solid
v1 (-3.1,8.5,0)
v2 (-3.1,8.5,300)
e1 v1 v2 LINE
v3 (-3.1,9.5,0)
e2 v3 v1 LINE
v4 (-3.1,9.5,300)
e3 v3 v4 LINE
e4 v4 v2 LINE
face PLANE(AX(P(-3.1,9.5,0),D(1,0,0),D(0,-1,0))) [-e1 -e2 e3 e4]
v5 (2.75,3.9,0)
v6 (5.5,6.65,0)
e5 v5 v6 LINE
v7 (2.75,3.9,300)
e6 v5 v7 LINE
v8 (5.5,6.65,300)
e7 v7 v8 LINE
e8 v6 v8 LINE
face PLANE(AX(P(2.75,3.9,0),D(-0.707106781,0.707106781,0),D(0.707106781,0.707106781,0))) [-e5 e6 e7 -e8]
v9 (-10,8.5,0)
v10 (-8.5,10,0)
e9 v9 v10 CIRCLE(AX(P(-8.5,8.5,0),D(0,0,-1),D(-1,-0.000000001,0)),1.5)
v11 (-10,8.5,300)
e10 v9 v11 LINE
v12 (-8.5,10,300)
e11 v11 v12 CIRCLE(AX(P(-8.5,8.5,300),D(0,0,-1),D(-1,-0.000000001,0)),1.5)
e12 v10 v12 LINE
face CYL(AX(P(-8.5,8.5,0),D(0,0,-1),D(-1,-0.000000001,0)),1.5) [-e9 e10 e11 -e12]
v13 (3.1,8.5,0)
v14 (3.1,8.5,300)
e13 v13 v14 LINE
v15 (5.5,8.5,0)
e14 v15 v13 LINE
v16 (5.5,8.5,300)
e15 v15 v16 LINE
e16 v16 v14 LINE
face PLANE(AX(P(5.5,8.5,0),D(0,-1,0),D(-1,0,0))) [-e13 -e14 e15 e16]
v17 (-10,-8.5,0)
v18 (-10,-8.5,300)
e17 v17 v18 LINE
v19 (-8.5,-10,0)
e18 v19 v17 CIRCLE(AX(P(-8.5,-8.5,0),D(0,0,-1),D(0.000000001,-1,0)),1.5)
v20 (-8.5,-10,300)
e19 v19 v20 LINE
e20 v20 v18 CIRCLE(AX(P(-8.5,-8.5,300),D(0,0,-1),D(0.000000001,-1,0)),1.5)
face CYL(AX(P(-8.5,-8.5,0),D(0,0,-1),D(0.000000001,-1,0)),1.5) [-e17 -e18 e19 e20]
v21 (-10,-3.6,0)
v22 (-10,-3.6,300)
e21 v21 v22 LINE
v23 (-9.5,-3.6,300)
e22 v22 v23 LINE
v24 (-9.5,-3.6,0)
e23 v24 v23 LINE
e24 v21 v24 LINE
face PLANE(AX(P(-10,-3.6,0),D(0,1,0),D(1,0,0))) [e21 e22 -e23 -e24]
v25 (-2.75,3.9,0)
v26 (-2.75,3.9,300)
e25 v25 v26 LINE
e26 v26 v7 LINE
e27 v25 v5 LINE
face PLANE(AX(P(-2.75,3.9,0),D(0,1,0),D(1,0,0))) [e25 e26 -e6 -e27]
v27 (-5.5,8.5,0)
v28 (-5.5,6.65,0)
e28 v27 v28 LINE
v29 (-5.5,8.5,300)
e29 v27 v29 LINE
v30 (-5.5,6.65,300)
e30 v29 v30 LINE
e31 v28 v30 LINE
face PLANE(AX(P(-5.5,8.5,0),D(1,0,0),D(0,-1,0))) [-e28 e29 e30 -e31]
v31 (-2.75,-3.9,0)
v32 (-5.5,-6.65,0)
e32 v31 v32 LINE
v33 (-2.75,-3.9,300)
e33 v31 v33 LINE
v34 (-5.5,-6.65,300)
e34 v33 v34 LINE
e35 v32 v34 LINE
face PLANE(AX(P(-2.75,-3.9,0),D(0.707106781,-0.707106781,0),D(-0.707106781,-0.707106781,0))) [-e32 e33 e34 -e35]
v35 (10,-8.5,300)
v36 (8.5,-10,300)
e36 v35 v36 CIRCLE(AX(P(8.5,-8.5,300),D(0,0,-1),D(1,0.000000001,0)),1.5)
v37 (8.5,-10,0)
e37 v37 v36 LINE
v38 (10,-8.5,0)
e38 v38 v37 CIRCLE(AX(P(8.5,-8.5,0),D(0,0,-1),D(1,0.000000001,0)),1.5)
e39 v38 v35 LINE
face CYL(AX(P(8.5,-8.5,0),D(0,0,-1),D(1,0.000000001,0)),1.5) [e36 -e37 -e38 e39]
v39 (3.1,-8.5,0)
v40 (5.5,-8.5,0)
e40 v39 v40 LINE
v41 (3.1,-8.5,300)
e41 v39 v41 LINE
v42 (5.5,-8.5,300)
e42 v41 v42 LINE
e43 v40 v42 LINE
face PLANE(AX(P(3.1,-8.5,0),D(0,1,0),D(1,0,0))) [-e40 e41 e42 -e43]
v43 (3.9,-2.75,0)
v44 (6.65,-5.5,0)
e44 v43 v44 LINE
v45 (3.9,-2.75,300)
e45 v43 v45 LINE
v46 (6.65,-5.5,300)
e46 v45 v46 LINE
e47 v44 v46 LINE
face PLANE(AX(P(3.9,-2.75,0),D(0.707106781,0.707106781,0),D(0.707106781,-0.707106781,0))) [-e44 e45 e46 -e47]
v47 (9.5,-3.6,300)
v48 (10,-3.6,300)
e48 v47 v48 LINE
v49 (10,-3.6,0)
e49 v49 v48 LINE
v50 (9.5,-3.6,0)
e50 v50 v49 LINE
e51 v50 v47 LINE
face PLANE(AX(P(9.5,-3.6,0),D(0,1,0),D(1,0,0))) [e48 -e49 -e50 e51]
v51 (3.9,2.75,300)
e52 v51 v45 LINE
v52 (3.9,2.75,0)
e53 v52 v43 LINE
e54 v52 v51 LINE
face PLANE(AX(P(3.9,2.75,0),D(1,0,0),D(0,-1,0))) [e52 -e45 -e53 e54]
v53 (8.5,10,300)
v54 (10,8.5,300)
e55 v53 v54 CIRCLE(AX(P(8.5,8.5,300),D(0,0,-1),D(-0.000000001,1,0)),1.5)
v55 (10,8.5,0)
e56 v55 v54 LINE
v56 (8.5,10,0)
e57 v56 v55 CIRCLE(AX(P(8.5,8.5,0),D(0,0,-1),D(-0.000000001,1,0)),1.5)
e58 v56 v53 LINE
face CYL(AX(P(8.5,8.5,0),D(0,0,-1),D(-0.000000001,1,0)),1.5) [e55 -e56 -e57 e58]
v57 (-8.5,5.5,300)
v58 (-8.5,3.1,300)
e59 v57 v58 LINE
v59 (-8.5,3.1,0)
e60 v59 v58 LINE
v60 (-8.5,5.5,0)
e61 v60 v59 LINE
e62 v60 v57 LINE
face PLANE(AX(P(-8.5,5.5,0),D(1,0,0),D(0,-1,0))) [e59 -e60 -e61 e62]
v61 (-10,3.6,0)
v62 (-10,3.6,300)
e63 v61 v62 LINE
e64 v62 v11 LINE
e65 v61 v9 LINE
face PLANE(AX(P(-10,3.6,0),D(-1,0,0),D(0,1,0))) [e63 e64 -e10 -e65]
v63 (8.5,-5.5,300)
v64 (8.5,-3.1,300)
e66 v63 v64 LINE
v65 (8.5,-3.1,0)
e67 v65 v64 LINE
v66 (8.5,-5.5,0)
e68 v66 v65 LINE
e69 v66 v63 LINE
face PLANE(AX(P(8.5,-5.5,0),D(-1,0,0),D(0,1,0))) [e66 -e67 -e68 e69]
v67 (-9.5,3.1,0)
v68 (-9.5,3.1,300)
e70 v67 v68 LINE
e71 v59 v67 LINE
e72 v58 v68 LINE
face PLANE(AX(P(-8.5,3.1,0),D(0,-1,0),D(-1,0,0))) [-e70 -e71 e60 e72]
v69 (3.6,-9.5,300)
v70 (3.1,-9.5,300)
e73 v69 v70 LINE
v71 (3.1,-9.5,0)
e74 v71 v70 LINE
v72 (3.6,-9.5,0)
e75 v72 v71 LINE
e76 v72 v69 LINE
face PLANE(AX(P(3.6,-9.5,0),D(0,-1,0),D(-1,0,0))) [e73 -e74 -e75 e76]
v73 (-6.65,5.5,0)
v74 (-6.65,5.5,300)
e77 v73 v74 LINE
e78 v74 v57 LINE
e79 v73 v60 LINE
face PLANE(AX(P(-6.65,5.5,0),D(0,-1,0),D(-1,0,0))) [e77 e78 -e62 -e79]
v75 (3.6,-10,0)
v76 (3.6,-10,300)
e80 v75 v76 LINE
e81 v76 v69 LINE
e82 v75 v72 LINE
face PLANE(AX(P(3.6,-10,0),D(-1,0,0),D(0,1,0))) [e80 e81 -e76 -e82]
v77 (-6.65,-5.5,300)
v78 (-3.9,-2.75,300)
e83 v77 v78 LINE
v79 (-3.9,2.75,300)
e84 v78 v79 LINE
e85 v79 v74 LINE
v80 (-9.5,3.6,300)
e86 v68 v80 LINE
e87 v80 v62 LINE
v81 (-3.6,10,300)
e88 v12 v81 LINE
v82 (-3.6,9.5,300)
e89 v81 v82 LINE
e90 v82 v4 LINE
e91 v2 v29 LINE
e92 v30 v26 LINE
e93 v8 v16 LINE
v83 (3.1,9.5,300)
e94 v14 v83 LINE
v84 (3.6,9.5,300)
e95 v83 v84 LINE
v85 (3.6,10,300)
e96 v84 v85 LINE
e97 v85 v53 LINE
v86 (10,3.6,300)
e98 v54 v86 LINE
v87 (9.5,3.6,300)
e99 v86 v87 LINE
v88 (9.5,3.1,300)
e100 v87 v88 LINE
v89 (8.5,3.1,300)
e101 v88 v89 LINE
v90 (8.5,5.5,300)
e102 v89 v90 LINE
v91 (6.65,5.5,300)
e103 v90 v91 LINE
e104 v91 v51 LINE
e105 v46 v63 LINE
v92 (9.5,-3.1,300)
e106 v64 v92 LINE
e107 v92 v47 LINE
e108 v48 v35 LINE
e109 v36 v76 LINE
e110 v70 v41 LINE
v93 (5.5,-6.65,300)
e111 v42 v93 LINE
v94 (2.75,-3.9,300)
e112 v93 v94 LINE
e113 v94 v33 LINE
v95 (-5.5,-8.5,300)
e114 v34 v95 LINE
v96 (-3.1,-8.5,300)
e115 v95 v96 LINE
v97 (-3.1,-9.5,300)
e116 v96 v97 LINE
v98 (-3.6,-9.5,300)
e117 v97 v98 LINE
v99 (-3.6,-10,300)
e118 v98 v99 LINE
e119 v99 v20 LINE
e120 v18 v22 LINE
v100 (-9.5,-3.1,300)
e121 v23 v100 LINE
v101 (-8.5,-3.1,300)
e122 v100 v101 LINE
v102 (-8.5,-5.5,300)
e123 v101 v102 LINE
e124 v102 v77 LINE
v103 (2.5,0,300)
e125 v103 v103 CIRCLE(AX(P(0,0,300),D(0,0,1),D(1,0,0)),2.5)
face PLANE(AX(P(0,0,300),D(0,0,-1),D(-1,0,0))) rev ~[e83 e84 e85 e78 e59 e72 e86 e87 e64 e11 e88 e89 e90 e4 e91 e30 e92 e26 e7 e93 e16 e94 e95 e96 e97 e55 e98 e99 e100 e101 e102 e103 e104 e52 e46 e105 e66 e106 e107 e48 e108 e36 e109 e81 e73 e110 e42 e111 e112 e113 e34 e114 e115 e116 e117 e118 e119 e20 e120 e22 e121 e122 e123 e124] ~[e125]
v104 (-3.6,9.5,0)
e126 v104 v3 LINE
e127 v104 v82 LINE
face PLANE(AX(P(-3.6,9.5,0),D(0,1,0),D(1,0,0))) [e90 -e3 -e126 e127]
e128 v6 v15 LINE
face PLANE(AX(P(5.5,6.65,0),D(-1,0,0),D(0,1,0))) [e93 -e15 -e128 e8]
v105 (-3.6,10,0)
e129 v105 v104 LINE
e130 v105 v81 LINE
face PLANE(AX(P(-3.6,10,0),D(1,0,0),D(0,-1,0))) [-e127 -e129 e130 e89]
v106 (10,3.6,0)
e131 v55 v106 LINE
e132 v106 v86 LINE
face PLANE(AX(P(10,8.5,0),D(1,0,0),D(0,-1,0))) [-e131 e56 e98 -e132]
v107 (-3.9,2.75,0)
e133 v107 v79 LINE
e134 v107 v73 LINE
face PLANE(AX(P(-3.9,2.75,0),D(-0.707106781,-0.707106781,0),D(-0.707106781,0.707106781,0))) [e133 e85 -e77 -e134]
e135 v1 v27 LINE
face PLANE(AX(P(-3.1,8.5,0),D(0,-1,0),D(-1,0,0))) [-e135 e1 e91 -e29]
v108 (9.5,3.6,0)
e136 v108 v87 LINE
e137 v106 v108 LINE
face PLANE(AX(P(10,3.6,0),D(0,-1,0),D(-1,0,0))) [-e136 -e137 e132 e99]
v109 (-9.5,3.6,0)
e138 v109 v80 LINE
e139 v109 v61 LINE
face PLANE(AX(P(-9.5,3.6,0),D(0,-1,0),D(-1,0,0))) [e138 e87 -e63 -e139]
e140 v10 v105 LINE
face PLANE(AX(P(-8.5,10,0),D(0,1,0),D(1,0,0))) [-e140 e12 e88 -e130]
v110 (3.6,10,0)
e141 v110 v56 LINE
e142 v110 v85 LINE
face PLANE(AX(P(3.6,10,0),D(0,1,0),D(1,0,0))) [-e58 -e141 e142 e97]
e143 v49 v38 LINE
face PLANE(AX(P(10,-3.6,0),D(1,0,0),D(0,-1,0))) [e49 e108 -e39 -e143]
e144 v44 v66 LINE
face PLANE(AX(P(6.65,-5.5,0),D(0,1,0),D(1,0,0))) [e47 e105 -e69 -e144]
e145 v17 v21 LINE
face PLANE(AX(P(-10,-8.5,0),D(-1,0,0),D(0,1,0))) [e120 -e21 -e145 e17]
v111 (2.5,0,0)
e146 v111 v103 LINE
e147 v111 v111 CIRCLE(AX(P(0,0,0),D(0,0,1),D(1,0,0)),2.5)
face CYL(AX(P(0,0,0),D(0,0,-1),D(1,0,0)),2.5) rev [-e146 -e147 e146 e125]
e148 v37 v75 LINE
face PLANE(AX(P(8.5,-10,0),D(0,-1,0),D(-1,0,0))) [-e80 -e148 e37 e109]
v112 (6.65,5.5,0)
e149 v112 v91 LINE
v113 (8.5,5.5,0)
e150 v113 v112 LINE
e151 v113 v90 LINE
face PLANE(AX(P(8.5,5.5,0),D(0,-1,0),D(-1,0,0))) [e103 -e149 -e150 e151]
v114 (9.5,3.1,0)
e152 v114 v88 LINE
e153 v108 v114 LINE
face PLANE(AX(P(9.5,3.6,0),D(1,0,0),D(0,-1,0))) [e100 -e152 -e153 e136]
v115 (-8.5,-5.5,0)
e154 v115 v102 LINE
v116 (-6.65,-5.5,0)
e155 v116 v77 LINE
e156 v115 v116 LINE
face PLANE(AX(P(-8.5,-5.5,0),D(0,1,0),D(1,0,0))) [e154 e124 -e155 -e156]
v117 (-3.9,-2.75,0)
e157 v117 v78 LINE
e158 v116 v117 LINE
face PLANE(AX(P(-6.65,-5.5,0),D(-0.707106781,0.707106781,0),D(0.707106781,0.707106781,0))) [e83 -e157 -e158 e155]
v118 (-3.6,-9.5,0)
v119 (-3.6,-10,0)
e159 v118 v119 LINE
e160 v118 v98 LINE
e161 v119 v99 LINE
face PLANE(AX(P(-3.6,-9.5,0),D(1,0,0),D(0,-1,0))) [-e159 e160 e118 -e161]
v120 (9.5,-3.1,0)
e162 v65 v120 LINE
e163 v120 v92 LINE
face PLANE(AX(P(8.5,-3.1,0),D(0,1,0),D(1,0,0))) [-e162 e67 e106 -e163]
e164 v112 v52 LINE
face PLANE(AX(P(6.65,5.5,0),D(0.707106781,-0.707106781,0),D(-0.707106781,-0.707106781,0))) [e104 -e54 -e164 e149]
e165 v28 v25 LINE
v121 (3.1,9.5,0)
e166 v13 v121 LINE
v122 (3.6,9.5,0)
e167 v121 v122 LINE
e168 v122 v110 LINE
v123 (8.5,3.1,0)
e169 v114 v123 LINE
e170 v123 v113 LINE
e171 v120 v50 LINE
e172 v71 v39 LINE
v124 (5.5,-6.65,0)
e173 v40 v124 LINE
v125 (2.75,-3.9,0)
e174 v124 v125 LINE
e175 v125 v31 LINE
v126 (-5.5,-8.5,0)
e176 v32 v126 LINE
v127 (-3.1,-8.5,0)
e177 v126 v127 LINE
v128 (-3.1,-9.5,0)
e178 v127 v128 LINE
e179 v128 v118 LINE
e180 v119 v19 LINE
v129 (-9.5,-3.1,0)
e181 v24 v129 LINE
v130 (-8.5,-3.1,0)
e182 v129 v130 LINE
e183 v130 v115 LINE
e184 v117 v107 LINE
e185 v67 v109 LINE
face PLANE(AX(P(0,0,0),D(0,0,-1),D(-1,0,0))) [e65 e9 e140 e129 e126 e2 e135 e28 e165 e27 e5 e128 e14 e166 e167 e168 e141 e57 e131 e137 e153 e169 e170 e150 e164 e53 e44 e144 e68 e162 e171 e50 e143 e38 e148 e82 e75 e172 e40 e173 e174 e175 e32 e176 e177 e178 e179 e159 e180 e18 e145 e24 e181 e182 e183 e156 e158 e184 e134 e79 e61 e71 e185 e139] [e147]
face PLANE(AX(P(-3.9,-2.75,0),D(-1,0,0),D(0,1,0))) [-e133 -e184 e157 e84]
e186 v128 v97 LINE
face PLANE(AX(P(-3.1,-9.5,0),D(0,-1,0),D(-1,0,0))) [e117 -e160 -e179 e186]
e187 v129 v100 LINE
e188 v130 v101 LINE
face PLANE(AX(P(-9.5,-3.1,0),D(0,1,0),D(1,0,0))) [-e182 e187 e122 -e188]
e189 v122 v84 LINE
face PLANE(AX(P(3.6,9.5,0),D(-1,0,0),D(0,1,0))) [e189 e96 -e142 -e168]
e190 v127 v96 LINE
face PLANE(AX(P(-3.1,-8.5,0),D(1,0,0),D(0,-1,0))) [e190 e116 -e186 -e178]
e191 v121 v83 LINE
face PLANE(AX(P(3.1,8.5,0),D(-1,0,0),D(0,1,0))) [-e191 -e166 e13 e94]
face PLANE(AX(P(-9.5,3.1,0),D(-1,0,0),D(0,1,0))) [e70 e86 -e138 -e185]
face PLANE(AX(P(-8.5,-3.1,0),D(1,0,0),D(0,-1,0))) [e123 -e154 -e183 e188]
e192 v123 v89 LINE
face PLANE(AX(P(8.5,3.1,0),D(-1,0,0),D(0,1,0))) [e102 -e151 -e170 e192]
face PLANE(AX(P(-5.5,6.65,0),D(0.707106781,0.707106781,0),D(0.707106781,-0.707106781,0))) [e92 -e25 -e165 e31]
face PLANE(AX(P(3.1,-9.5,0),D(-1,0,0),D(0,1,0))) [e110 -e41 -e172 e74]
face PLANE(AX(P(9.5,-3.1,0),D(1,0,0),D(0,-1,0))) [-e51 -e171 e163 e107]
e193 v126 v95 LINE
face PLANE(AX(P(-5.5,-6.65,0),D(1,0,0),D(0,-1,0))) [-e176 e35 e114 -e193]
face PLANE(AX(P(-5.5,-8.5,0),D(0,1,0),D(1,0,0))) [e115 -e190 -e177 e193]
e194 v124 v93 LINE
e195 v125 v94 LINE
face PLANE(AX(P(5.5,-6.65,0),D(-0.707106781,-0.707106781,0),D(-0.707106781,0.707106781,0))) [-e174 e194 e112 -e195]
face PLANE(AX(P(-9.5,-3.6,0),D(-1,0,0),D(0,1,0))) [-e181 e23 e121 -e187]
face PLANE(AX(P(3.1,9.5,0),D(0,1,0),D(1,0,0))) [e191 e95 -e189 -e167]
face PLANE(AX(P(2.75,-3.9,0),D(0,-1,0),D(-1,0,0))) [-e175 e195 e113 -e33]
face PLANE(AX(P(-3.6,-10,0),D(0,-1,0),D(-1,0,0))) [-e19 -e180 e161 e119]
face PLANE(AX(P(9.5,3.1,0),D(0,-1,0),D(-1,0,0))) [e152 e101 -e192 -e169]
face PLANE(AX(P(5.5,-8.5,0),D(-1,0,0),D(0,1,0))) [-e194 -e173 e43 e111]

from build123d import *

# Parameters (mm, degrees)
SKETCH1_R       = 2.5
EXTRUDE_1_DEPTH = 300


with BuildPart() as part:
    # Sketch1 → 凸台-拉伸1 (new body)
    with BuildSketch(Plane.XY):
        with BuildLine():
            Line((-3.6, 10), (-3.6, 9.5))
            Line((-3.6, 9.5), (-3.1, 9.5))
            Line((-3.1, 9.5), (-3.1, 8.5))
            Line((-3.1, 8.5), (-5.5, 8.5))
            Line((-5.5, 8.5), (-5.5, 6.65))
            Line((-5.5, 6.65), (-2.75, 3.9))
            Line((-2.75, 3.9), (2.75, 3.9))
            Line((2.75, 3.9), (5.5, 6.65))
            Line((5.5, 6.65), (5.5, 8.5))
            Line((5.5, 8.5), (3.1, 8.5))
            Line((3.1, 8.5), (3.1, 9.5))
            Line((3.1, 9.5), (3.6, 9.5))
            Line((3.6, 9.5), (3.6, 10))
            Line((3.6, 10), (8.5, 10))
            ThreePointArc((8.5, 10), (9.560660172, 9.560660172), (10, 8.5))
            Line((10, 8.5), (10, 3.6))
            Line((10, 3.6), (9.5, 3.6))
            Line((9.5, 3.6), (9.5, 3.1))
            Line((9.5, 3.1), (8.5, 3.1))
            Line((8.5, 3.1), (8.5, 5.5))
            Line((8.5, 5.5), (6.65, 5.5))
            Line((6.65, 5.5), (3.9, 2.75))
            Line((3.9, 2.75), (3.9, -2.75))
            Line((3.9, -2.75), (6.65, -5.5))
            Line((6.65, -5.5), (8.5, -5.5))
            Line((8.5, -5.5), (8.5, -3.1))
            Line((8.5, -3.1), (9.5, -3.1))
            Line((9.5, -3.1), (9.5, -3.6))
            Line((9.5, -3.6), (10, -3.6))
            Line((10, -3.6), (10, -8.5))
            ThreePointArc((10, -8.5), (9.560660172, -9.560660172), (8.5, -10))
            Line((8.5, -10), (3.6, -10))
            Line((3.6, -10), (3.6, -9.5))
            Line((3.6, -9.5), (3.1, -9.5))
            Line((3.1, -9.5), (3.1, -8.5))
            Line((3.1, -8.5), (5.5, -8.5))
            Line((5.5, -8.5), (5.5, -6.65))
            Line((5.5, -6.65), (2.75, -3.9))
            Line((2.75, -3.9), (-2.75, -3.9))
            Line((-2.75, -3.9), (-5.5, -6.65))
            Line((-5.5, -6.65), (-5.5, -8.5))
            Line((-5.5, -8.5), (-3.1, -8.5))
            Line((-3.1, -8.5), (-3.1, -9.5))
            Line((-3.1, -9.5), (-3.6, -9.5))
            Line((-3.6, -9.5), (-3.6, -10))
            Line((-3.6, -10), (-8.5, -10))
            ThreePointArc((-8.5, -10), (-9.560660172, -9.560660172), (-10, -8.5))
            Line((-10, -8.5), (-10, -3.6))
            Line((-10, -3.6), (-9.5, -3.6))
            Line((-9.5, -3.6), (-9.5, -3.1))
            Line((-9.5, -3.1), (-8.5, -3.1))
            Line((-8.5, -3.1), (-8.5, -5.5))
            Line((-8.5, -5.5), (-6.65, -5.5))
            Line((-6.65, -5.5), (-3.9, -2.75))
            Line((-3.9, -2.75), (-3.9, 2.75))
            Line((-3.9, 2.75), (-6.65, 5.5))
            Line((-6.65, 5.5), (-8.5, 5.5))
            Line((-8.5, 5.5), (-8.5, 3.1))
            Line((-8.5, 3.1), (-9.5, 3.1))
            Line((-9.5, 3.1), (-9.5, 3.6))
            Line((-9.5, 3.6), (-10, 3.6))
            Line((-10, 3.6), (-10, 8.5))
            ThreePointArc((-10, 8.5), (-9.560660172, 9.560660172), (-8.5, 10))
            Line((-8.5, 10), (-3.6, 10))
        make_face()
        Circle(SKETCH1_R, mode=Mode.SUBTRACT)
    extrude(amount=EXTRUDE_1_DEPTH)


solid = part.part
